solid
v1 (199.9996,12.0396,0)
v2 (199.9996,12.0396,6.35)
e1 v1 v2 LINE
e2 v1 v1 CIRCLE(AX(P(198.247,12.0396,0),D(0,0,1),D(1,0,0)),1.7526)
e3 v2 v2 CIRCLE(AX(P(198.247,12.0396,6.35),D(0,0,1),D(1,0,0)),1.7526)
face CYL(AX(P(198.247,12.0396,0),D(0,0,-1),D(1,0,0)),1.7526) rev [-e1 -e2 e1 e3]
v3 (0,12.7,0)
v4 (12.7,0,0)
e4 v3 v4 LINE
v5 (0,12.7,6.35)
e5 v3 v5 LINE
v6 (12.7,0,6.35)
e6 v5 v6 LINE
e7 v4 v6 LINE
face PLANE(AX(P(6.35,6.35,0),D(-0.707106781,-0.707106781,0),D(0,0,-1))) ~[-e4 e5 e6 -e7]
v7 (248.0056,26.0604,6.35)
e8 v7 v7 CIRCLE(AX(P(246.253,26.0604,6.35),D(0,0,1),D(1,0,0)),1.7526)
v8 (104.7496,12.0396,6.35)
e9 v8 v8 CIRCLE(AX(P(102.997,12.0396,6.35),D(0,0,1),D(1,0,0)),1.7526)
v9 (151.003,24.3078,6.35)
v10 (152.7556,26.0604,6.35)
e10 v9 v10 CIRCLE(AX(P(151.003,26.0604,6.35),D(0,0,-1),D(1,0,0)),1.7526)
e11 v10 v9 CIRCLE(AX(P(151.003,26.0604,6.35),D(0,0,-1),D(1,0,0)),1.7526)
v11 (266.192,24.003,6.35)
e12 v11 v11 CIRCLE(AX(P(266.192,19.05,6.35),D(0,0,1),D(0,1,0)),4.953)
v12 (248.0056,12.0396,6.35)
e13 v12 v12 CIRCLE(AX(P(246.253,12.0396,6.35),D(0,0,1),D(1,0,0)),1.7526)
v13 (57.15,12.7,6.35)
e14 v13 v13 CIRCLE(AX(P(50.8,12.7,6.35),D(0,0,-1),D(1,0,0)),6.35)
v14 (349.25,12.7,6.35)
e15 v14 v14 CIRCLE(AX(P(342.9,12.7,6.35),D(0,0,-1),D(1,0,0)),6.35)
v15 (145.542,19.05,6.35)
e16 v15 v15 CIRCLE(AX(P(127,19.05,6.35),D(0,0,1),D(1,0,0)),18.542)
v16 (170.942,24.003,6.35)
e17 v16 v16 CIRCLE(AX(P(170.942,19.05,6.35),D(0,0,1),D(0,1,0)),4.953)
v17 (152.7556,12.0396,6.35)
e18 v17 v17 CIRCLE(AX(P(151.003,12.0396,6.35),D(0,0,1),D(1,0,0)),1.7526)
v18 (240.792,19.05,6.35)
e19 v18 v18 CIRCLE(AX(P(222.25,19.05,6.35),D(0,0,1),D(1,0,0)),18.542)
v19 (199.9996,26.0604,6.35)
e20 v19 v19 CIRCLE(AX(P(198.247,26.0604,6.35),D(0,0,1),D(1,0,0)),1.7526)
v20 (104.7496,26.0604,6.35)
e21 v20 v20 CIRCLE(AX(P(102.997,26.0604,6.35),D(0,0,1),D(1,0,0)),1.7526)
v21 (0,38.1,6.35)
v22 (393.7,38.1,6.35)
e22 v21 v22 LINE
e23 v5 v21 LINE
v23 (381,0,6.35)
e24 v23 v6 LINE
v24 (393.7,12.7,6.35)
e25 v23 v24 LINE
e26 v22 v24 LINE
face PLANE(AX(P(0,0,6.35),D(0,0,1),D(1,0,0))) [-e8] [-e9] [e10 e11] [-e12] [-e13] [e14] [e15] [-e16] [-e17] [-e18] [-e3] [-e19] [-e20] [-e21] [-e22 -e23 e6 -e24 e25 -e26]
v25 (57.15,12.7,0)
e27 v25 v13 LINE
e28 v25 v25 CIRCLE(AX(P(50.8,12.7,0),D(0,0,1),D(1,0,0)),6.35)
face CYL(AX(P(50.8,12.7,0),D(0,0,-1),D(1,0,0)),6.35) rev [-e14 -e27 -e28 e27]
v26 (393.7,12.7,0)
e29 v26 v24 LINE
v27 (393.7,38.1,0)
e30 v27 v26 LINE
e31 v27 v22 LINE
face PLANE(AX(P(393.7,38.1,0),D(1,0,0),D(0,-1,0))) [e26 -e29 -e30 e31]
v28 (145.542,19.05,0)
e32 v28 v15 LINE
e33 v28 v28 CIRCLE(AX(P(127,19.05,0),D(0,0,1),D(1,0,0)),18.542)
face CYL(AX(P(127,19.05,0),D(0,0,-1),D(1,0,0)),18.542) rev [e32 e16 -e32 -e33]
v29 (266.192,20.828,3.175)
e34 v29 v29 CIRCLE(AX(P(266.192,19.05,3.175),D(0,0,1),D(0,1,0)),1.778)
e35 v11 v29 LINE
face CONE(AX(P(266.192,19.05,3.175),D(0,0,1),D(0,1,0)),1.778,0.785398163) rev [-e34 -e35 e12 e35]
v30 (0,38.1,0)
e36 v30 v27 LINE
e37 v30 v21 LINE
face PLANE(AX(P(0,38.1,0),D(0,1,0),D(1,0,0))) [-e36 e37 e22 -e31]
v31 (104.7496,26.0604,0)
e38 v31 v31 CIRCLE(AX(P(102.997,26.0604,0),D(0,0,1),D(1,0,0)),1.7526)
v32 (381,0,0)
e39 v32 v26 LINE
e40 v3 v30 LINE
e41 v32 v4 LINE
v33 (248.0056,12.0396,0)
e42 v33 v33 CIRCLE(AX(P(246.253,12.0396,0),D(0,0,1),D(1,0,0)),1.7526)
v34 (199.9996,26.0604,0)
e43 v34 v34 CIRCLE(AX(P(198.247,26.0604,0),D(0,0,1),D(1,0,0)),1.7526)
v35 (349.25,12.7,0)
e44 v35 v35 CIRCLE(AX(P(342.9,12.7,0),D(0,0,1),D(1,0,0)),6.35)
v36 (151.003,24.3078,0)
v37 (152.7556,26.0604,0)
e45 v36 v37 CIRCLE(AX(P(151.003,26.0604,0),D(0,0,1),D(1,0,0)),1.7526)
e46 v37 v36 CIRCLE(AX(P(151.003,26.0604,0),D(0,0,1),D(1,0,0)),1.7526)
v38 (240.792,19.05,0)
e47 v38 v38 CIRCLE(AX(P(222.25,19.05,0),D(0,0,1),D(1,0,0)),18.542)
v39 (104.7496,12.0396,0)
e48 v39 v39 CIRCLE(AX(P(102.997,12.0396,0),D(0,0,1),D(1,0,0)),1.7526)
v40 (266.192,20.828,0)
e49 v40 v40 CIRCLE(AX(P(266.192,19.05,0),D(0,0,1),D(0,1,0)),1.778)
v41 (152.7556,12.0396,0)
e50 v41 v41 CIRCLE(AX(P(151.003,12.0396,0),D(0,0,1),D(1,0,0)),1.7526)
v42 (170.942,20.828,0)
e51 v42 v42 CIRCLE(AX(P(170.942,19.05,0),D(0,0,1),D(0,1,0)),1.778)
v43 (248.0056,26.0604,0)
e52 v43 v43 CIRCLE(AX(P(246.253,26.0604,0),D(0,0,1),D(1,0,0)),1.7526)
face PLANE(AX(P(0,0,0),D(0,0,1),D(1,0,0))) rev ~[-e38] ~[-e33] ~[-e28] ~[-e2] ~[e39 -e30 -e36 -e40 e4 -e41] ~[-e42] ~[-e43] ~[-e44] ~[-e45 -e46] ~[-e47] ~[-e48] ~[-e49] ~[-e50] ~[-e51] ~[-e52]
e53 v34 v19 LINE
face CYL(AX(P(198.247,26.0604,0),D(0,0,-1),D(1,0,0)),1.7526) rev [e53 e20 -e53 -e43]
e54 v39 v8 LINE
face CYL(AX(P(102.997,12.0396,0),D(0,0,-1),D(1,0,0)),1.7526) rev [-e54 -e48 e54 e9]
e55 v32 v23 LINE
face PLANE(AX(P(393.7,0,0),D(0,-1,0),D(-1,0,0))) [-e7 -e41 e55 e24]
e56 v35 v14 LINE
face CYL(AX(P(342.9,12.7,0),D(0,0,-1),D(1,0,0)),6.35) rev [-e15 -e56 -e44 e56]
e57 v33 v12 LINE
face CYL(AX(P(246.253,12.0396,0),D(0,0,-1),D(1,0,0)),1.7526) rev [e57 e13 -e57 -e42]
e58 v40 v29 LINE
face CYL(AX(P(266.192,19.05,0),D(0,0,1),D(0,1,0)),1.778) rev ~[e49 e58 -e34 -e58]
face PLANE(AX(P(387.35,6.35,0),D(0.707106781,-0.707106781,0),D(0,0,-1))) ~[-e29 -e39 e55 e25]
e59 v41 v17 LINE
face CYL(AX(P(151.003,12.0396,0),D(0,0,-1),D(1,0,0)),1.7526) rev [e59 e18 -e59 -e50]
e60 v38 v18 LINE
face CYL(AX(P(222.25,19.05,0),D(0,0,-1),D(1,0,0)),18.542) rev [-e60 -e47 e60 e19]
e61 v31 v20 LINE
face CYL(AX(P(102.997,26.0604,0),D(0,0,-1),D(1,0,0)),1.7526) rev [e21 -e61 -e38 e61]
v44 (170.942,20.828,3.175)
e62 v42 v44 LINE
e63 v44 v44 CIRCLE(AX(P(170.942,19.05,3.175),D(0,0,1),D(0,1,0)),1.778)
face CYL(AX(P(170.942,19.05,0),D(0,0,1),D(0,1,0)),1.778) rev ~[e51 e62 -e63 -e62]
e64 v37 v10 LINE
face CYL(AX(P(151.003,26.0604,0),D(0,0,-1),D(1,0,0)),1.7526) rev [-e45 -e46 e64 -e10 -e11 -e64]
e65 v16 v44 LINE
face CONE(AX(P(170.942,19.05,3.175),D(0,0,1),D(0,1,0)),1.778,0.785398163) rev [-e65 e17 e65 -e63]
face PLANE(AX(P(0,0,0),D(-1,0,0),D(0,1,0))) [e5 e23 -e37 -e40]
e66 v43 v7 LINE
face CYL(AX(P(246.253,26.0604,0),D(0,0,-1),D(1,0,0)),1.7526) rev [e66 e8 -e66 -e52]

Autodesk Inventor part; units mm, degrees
ref_plane "YZ Plane" through (0, 0, 0) normal (1, 0, 0) x (0, 1, 0)
ref_plane "XZ Plane" through (0, 0, 0) normal (0, 1, 0) x (-1, 0, 0)
ref_plane "XY Plane" through (0, 0, 0) normal (0, 0, 1) x (1, 0, 0)
sketch "Sketch1" plane through (0, 0, 0) normal (0, 0, 1) x (1, 0, 0)
  line L0 (0, 0) -> (0, 38.1)
  line L1 (0, 38.1) -> (393.7, 38.1)
  line L2 (393.7, 38.1) -> (393.7, 0)
  line L3 (393.7, 0) -> (0, 0)
  circle A0 centre (127, 19.05) radius 18.542
  circle A1 centre (222.25, 19.05) radius 18.542
  circle A2 centre (170.942, 19.05) radius 1.778
  circle A3 centre (266.192, 19.05) radius 1.778
  line L4 (151.003, 19.05) -> (151.003, 26.0604)
  circle A4 centre (102.997, 12.0396) radius 1.7526
  circle A5 centre (102.997, 26.0604) radius 1.7526
  circle A6 centre (151.003, 26.0604) radius 1.7526
  circle A7 centre (151.003, 12.0396) radius 1.7526
  line L5 (151.003, 19.05) -> (127, 19.05)
  circle A8 centre (246.253, 26.0604) radius 1.7526
  circle A9 centre (246.253, 12.0396) radius 1.7526
  circle A10 centre (198.247, 12.0396) radius 1.7526
  circle A11 centre (198.247, 26.0604) radius 1.7526
  circle A12 centre (50.8, 12.7) radius 6.35
  circle A13 centre (342.9, 12.7) radius 6.35
  dimension "d0" = 38.1
  dimension "d1" = 393.7
  dimension "d3" = 37.084
  dimension "d5" = 37.084
  dimension "d10" = 3.556
  dimension "d11" = 3.556
  dimension "d24" = 7.0104
  dimension "d28" = 3.5052
  dimension "d29" = 3.5052
  dimension "d30" = 3.5052
  dimension "d31" = 24.003
  dimension "d38" = 3.5052
  dimension "d39" = 3.5052
  dimension "d40" = 3.5052
  dimension "d41" = 3.5052
  dimension "d48" = 12.7
  dimension "d50" = 12.7
extrude "Extrusion1" add sketch "Sketch1" along normal blind 6.35 contours L0 L1 L2 L3 | A6 | A2 | A3 | A4 | A5 | A7 | A8 | A9 | A10 | A11 | A12 | A13
hole "Hole1" at (170.942, 19.05, 0) at (266.192, 19.05, 0) direction (0, 0, 1) diameter 3.556 end through all
chamfer "Chamfer1" distance 3.175 angle 45 2 edges at (170.942, 17.272, 6.35) (266.192, 17.272, 6.35)
extrude "Extrusion2" cut sketch "Sketch1" along normal blind 6.35 contours A8 | A9
extrude "Extrusion3" cut sketch "Sketch1" along normal blind 6.35 contours A6 | A4 | A5 | A7 | A10 | A11
extrude "Extrusion4" cut sketch "Sketch1" along normal blind 25.4 contours A12 | A13
chamfer "Chamfer2" distance 12.7 angle 45 1 edges at (0, 0, 3.175)
chamfer "Chamfer3" distance 12.7 angle 45 1 edges at (393.7, 0, 3.175)
properties part number "Drive Train - Smallest Model"
